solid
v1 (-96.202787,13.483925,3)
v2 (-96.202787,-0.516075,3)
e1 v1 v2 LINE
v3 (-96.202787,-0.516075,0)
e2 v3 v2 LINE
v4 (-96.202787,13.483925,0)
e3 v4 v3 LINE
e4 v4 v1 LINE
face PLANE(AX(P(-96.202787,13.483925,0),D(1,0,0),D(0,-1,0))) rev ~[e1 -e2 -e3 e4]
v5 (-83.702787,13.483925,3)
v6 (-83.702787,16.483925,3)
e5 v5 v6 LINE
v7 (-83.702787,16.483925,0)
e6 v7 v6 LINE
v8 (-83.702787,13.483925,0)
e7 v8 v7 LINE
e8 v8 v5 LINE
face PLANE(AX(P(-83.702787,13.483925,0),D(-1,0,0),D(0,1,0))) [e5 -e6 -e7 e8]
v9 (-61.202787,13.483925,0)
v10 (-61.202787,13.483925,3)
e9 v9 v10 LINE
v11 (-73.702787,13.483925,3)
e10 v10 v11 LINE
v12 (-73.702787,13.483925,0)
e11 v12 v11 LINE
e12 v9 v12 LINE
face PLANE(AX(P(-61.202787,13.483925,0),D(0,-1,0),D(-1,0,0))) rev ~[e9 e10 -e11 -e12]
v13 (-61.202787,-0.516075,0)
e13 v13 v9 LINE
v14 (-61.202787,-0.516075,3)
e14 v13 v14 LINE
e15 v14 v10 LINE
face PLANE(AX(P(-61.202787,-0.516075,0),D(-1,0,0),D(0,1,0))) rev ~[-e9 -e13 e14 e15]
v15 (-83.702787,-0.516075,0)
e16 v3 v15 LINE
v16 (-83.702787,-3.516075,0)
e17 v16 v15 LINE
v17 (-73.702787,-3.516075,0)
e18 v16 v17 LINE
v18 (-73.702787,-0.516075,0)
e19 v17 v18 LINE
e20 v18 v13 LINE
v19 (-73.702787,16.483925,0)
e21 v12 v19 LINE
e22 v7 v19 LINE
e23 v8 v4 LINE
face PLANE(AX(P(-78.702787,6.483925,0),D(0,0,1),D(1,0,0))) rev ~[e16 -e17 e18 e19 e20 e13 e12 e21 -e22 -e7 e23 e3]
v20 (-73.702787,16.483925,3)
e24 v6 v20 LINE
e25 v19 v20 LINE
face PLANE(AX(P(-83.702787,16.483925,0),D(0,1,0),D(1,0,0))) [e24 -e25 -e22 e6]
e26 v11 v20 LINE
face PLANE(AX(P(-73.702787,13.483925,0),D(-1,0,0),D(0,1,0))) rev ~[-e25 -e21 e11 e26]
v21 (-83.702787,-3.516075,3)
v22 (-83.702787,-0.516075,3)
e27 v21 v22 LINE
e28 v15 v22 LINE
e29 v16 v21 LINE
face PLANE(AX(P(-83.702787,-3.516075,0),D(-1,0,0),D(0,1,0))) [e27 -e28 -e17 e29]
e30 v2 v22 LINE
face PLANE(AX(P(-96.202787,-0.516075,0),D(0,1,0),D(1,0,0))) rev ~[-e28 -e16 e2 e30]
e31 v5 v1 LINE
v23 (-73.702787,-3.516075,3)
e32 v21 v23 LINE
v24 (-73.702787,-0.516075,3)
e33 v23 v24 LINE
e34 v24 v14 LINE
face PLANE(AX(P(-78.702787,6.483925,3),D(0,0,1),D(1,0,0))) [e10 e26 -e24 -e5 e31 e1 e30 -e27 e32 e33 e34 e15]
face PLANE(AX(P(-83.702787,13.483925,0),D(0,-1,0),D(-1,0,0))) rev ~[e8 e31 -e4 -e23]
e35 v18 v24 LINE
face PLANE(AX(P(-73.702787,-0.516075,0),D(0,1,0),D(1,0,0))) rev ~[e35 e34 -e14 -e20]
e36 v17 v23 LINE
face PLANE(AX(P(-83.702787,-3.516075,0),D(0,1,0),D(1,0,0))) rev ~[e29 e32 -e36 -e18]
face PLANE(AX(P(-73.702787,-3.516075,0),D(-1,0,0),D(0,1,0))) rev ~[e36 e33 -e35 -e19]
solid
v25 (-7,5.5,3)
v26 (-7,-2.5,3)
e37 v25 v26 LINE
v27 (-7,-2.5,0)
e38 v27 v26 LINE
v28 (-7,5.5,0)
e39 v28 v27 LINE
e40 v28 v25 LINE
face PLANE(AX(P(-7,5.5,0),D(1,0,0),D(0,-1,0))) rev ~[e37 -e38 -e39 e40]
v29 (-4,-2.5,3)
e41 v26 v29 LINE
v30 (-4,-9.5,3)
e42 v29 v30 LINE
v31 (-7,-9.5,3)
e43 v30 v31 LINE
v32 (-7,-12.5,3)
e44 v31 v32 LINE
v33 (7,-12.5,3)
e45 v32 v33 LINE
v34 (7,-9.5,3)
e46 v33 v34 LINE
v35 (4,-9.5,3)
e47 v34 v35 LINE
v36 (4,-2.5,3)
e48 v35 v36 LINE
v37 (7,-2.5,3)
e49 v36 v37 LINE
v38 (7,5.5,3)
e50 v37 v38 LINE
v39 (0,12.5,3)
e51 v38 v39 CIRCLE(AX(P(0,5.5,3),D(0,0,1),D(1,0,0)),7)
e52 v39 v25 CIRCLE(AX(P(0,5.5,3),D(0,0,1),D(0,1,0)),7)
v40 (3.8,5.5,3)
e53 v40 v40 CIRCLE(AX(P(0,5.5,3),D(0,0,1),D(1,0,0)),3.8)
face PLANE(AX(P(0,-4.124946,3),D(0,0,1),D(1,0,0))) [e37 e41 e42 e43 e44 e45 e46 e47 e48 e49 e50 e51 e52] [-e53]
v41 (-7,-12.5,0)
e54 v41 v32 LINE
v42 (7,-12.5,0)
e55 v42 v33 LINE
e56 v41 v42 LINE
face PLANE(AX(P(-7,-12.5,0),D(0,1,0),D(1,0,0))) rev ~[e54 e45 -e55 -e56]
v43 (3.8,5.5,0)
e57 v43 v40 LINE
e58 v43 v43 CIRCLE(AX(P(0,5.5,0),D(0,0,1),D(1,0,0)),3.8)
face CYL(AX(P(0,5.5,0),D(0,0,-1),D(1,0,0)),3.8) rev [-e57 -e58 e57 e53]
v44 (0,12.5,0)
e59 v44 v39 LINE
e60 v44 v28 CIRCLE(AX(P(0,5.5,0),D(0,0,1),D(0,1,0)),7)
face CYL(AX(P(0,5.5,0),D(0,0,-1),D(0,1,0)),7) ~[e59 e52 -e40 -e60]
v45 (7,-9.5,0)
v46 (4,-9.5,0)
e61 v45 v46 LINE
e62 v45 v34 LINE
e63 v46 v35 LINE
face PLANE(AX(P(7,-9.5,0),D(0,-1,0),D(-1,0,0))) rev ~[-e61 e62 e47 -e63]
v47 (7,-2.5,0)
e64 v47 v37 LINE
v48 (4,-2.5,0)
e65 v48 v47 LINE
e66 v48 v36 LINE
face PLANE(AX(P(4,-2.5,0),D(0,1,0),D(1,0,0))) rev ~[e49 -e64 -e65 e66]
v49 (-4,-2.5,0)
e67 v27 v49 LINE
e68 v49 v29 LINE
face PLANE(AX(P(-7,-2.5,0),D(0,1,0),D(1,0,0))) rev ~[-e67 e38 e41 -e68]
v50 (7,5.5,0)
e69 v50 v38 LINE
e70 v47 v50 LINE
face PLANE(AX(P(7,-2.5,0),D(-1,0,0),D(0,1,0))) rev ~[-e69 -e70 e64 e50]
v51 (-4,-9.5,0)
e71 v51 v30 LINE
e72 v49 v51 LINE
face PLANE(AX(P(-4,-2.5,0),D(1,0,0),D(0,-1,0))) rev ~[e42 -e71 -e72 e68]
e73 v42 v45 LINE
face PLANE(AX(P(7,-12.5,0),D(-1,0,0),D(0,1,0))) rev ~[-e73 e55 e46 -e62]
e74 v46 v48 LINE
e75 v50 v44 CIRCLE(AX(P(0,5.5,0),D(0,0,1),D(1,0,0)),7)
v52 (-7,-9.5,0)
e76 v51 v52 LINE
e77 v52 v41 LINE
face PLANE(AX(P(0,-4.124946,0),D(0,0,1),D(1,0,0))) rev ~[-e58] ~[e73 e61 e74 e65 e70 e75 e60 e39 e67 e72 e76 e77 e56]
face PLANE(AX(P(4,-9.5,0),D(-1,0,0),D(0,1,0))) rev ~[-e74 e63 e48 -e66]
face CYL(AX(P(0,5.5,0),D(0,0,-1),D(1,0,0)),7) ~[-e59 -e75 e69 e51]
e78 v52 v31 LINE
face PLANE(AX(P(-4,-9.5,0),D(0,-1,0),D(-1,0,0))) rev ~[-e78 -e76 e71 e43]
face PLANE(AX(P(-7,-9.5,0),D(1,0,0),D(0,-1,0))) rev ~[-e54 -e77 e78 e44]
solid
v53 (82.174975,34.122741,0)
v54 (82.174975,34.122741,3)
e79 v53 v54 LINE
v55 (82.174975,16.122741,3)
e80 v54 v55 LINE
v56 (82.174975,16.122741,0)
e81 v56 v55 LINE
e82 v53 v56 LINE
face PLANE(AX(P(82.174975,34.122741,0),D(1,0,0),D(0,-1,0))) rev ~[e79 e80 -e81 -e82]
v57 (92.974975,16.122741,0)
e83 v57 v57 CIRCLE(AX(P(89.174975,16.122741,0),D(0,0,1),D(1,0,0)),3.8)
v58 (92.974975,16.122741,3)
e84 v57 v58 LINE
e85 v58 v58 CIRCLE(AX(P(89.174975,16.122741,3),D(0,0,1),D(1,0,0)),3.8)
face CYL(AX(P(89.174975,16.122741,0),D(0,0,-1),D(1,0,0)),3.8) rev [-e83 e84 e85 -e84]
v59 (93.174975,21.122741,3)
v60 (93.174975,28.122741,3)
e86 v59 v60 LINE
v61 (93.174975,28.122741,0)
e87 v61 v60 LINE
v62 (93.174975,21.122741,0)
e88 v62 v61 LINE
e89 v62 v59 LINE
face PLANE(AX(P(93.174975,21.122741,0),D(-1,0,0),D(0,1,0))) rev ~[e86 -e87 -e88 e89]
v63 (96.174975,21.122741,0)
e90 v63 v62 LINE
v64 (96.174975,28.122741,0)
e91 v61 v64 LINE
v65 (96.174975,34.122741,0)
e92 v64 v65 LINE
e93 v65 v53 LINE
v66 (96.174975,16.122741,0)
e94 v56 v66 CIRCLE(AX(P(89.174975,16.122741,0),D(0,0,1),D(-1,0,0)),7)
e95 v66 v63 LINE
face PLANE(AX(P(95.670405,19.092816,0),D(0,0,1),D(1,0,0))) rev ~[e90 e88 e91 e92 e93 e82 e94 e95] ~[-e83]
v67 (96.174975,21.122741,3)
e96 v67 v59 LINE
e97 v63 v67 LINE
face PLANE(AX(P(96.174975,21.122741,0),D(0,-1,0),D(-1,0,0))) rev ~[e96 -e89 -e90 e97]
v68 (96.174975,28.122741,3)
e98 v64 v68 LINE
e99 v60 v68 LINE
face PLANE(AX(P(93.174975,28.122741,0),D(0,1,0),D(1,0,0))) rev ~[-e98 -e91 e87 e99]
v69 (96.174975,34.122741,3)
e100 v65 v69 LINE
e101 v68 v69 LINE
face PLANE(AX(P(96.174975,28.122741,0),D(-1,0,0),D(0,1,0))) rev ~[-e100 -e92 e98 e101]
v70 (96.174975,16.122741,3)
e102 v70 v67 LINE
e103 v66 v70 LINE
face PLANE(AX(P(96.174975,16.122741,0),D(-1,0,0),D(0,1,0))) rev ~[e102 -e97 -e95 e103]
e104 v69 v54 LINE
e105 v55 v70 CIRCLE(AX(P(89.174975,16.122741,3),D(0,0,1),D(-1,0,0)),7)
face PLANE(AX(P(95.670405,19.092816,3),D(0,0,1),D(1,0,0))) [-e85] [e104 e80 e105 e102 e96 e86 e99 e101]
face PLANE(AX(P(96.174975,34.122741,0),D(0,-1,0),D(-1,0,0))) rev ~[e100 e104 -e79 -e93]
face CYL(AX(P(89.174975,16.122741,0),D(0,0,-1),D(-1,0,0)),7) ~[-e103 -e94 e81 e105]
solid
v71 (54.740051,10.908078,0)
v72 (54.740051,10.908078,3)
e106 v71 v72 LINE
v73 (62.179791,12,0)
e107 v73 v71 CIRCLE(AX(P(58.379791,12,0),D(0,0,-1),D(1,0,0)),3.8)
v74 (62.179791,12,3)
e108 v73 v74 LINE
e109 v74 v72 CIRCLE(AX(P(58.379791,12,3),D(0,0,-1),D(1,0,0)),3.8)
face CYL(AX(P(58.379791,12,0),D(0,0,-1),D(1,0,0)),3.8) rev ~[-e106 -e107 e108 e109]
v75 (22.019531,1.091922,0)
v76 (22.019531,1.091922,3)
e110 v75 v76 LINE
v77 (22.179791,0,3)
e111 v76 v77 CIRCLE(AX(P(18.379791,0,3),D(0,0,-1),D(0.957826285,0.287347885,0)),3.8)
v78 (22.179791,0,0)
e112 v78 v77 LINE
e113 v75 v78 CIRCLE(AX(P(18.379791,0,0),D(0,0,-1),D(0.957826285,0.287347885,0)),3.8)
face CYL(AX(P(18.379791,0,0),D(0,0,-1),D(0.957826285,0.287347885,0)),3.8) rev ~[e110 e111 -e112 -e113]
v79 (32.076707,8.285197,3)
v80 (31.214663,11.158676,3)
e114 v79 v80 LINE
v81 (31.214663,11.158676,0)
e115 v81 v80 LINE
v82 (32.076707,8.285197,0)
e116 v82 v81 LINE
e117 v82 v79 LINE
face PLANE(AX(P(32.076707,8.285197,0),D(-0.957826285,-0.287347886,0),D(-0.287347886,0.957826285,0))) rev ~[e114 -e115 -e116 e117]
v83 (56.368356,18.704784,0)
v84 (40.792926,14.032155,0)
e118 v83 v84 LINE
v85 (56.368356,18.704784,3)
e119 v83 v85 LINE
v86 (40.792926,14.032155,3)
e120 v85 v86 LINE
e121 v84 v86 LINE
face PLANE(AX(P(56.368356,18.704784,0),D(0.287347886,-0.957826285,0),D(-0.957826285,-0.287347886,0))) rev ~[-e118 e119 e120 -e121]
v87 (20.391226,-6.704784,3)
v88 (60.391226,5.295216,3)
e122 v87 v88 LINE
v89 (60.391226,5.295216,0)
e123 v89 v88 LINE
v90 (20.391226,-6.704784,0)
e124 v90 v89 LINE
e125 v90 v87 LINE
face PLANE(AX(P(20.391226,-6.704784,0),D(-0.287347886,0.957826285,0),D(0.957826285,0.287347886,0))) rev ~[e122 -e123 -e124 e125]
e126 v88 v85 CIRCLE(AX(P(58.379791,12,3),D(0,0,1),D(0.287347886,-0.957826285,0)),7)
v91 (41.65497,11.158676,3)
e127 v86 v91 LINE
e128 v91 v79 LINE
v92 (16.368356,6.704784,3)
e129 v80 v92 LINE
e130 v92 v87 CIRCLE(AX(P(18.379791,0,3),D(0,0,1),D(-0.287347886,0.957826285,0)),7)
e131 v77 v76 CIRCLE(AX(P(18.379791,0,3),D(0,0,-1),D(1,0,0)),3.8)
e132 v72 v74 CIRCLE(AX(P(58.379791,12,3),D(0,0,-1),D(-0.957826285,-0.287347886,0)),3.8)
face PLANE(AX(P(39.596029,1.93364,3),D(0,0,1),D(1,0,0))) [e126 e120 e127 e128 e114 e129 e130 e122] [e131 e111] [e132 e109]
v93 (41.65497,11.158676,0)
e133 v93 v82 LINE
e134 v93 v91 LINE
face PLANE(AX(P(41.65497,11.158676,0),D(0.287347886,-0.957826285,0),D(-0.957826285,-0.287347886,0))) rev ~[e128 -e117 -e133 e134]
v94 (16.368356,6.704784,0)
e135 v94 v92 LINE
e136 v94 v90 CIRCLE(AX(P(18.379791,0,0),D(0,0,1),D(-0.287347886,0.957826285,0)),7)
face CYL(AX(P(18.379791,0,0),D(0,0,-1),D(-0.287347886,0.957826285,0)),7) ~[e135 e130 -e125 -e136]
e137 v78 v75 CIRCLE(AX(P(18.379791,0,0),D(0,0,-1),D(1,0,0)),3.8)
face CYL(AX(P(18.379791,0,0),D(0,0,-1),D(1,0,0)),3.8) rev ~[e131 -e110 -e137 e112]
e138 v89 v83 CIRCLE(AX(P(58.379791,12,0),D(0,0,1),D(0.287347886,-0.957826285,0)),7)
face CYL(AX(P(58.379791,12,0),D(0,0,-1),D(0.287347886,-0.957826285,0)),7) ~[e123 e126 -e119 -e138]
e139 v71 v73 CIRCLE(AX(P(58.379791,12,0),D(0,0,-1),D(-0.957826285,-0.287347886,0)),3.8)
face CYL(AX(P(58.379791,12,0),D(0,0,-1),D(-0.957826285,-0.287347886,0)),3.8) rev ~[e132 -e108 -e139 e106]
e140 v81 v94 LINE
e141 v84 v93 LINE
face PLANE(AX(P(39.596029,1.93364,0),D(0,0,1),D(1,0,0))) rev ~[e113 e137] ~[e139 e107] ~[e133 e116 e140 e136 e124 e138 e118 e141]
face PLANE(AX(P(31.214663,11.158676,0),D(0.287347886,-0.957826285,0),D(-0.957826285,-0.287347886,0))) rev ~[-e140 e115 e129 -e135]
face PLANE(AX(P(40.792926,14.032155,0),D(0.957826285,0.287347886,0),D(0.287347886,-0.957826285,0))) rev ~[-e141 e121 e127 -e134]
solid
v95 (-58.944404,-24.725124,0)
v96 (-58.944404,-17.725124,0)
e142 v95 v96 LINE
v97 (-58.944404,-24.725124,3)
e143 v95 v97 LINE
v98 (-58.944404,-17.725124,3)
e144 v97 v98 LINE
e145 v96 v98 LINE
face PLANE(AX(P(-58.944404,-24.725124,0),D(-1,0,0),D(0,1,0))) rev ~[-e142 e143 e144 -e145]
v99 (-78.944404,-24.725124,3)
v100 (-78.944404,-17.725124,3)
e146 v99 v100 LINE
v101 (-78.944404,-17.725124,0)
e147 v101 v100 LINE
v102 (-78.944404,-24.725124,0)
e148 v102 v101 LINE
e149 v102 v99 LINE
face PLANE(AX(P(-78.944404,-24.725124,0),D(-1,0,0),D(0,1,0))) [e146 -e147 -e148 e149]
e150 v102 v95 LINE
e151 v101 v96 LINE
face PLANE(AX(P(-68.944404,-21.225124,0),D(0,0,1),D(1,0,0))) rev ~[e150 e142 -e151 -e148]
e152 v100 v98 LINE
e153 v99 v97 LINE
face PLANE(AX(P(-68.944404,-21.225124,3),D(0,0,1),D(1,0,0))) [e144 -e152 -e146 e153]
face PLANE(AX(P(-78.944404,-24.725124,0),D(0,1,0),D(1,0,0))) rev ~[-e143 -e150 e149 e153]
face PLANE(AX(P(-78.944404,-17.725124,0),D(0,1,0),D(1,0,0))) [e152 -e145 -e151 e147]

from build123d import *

# Parameters (mm, degrees)
F0_R     = 3.8
F1_DEPTH = 3
F3_DEPTH = 3
F4_R     = 3.8
F5_DEPTH = 3
F6_W     = 20
F6_H     = 7
F7_DEPTH = 3
F6_W_2   = 10
F6_H_2   = 3


with BuildPart() as f1:
    # F0 (on Top) → F1 (new body)
    with BuildSketch(Plane.XY):
        with BuildLine():
            ThreePointArc((7, 5.5), (0, -1.5), (-7, 5.5))
            Line((-7, 5.5), (-7, -2.5))
            Line((-7, -2.5), (-4, -2.5))
            Line((-4, -2.5), (-4, -9.5))
            Line((-4, -9.5), (-7, -9.5))
            Line((-7, -9.5), (-7, -12.5))
            Line((-7, -12.5), (7, -12.5))
            Line((7, -12.5), (7, -9.5))
            Line((7, -9.5), (4, -9.5))
            Line((4, -9.5), (4, -2.5))
            Line((4, -2.5), (7, -2.5))
            Line((7, -2.5), (7, 5.5))
        make_face()
        with BuildLine():
            ThreePointArc((7, 5.5), (4.9497474683, 10.4497474683), (0, 12.5))
            ThreePointArc((0, 12.5), (-4.9497474683, 10.4497474683), (-7, 5.5))
            ThreePointArc((-7, 5.5), (0, -1.5), (7, 5.5))
        make_face()
        with Locations((0, 5.5)):
            Circle(F0_R, mode=Mode.SUBTRACT)
    extrude(amount=F1_DEPTH)


with BuildPart() as f3:
    # F2 (on Top) → F3 (new body)
    with BuildSketch(Plane.XY):
        with BuildLine():
            Line((51.6750069835, 9.988564801), (25.0845749766, 2.011435199))
            ThreePointArc((25.0845749766, 2.011435199), (25.3055937485, 1.0164920128), (25.37979098, 0))
            ThreePointArc((25.37979098, 0), (23.995841478, -4.1785137075), (20.391226179, -6.7047839965))
            Line((20.391226179, -6.7047839965), (60.391226179, 5.2952160035))
            ThreePointArc((60.391226179, 5.2952160035), (55.0610922188, 5.8367023005), (51.6750069835, 9.988564801))
        make_face()
        with BuildLine():
            ThreePointArc((25.37979098, 0), (25.3055937485, 1.0164920128), (25.0845749766, 2.011435199))
            ThreePointArc((25.0845749766, 2.011435199), (21.6984897413, 6.1632976995), (16.368355781, 6.7047839965))
            ThreePointArc((16.368355781, 6.7047839965), (11.6750069835, -2.011435199), (20.391226179, -6.7047839965))
            ThreePointArc((20.391226179, -6.7047839965), (23.995841478, -4.1785137075), (25.37979098, 0))
        make_face()
        with BuildLine():
            ThreePointArc((22.17979098, 0), (14.6200694771, -0.5518099498), (22.0195308639, 1.0919219652))
            ThreePointArc((22.0195308639, 1.0919219652), (22.1395124829, 0.5518099498), (22.17979098, 0))
        make_face(mode=Mode.SUBTRACT)
        with BuildLine():
            ThreePointArc((56.368355781, 18.7047839965), (52.2164932806, 15.3186987612), (51.6750069835, 9.988564801))
            ThreePointArc((51.6750069835, 9.988564801), (55.0610922188, 5.8367023005), (60.391226179, 5.2952160035))
            ThreePointArc((60.391226179, 5.2952160035), (63.995841478, 7.8214862925), (65.37979098, 12))
            ThreePointArc((65.37979098, 12), (62.5583046875, 17.616050498), (56.368355781, 18.7047839965))
        make_face()
        with BuildLine():
            ThreePointArc((62.17979098, 12), (58.9316009298, 8.2402784971), (54.7400510962, 10.9080780348))
            ThreePointArc((54.7400510962, 10.9080780348), (57.8279810302, 15.7597215029), (62.17979098, 12))
        make_face(mode=Mode.SUBTRACT)
        with BuildLine():
            ThreePointArc((16.368355781, 6.7047839965), (21.6984897413, 6.1632976995), (25.0845749766, 2.011435199))
            Line((25.0845749766, 2.011435199), (51.6750069835, 9.988564801))
            ThreePointArc((51.6750069835, 9.988564801), (52.2164932806, 15.3186987612), (56.368355781, 18.7047839965))
            Line((56.368355781, 18.7047839965), (40.7929260542, 14.0321550785))
            Line((40.7929260542, 14.0321550785), (41.6549697109, 11.1586762228))
            Line((41.6549697109, 11.1586762228), (32.0767068587, 8.2851973672))
            Line((32.0767068587, 8.2851973672), (31.214663202, 11.1586762228))
            Line((31.214663202, 11.1586762228), (16.368355781, 6.7047839965))
        make_face()
    extrude(amount=F3_DEPTH)


with BuildPart() as f5:
    # F4 (on Top) → F5 (new body)
    with BuildSketch(Plane.XY):
        with BuildLine():
            ThreePointArc((94.0739545167, 21.1227408759), (95.6283794194, 18.8344878775), (96.1749750311, 16.1227408759))
            Line((96.1749750311, 16.1227408759), (96.1749750311, 21.1227408759))
            Line((96.1749750311, 21.1227408759), (94.0739545167, 21.1227408759))
        make_face()
        with BuildLine():
            ThreePointArc((82.1749750311, 16.1227408759), (89.1749750311, 9.1227408759), (96.1749750311, 16.1227408759))
            ThreePointArc((96.1749750311, 16.1227408759), (95.6283794194, 18.8344878775), (94.0739545167, 21.1227408759))
            Line((94.0739545167, 21.1227408759), (93.1749750311, 21.1227408759))
            Line((93.1749750311, 21.1227408759), (93.1749750311, 21.8673035224))
            ThreePointArc((93.1749750311, 21.8673035224), (85.9346046819, 22.3275776989), (82.1749750311, 16.1227408759))
        make_face()
        with Locations((89.1749750311, 16.1227408759)):
            Circle(F4_R, mode=Mode.SUBTRACT)
        with BuildLine():
            Line((82.1749750311, 34.1227408759), (82.1749750311, 16.1227408759))
            ThreePointArc((82.1749750311, 16.1227408759), (85.9346046819, 22.3275776989), (93.1749750311, 21.8673035224))
            Line((93.1749750311, 21.8673035224), (93.1749750311, 28.1227408759))
            Line((93.1749750311, 28.1227408759), (96.1749750311, 28.1227408759))
            Line((96.1749750311, 28.1227408759), (96.1749750311, 34.1227408759))
            Line((96.1749750311, 34.1227408759), (82.1749750311, 34.1227408759))
        make_face()
    extrude(amount=F5_DEPTH)


with BuildPart() as f7:
    # F6 (on Top) → F7 (new body)
    with BuildSketch(Plane.XY):
        with Locations((-68.9444036782, -21.2251242399)):
            Rectangle(F6_W, F6_H)
    extrude(amount=F7_DEPTH)


with BuildPart() as f7b:
    # F6 (on Top) → F7, piece 2 (new body)
    with BuildSketch(Plane.XY):
        Polygon((-73.7027868629, -0.5160745028), (-61.2027868629, -0.5160745028), (-61.2027868629, 13.4839254972), (-73.7027868629, 13.4839254972), (-73.7027868629, 10.4839254972), (-83.7027868629, 10.4839254972), (-83.7027868629, 13.4839254972), (-96.2027868629, 13.4839254972), (-96.2027868629, -0.5160745028), (-83.7027868629, -0.5160745028), (-83.7027868629, 2.4839254972), (-73.7027868629, 2.4839254972), align=None)
        with Locations((-78.7027868629, 0.9839254972)):
            Rectangle(F6_W_2, F6_H_2)
        with Locations((-78.7027868629, -2.0160745028)):
            Rectangle(F6_W_2, F6_H_2)
        with Locations((-78.7027868629, 14.9839254972)):
            Rectangle(F6_W_2, F6_H_2)
        with Locations((-78.7027868629, 11.9839254972)):
            Rectangle(F6_W_2, F6_H_2)
    extrude(amount=F7_DEPTH)


solid = Compound([f1.part, f3.part, f5.part, f7.part, f7b.part])
